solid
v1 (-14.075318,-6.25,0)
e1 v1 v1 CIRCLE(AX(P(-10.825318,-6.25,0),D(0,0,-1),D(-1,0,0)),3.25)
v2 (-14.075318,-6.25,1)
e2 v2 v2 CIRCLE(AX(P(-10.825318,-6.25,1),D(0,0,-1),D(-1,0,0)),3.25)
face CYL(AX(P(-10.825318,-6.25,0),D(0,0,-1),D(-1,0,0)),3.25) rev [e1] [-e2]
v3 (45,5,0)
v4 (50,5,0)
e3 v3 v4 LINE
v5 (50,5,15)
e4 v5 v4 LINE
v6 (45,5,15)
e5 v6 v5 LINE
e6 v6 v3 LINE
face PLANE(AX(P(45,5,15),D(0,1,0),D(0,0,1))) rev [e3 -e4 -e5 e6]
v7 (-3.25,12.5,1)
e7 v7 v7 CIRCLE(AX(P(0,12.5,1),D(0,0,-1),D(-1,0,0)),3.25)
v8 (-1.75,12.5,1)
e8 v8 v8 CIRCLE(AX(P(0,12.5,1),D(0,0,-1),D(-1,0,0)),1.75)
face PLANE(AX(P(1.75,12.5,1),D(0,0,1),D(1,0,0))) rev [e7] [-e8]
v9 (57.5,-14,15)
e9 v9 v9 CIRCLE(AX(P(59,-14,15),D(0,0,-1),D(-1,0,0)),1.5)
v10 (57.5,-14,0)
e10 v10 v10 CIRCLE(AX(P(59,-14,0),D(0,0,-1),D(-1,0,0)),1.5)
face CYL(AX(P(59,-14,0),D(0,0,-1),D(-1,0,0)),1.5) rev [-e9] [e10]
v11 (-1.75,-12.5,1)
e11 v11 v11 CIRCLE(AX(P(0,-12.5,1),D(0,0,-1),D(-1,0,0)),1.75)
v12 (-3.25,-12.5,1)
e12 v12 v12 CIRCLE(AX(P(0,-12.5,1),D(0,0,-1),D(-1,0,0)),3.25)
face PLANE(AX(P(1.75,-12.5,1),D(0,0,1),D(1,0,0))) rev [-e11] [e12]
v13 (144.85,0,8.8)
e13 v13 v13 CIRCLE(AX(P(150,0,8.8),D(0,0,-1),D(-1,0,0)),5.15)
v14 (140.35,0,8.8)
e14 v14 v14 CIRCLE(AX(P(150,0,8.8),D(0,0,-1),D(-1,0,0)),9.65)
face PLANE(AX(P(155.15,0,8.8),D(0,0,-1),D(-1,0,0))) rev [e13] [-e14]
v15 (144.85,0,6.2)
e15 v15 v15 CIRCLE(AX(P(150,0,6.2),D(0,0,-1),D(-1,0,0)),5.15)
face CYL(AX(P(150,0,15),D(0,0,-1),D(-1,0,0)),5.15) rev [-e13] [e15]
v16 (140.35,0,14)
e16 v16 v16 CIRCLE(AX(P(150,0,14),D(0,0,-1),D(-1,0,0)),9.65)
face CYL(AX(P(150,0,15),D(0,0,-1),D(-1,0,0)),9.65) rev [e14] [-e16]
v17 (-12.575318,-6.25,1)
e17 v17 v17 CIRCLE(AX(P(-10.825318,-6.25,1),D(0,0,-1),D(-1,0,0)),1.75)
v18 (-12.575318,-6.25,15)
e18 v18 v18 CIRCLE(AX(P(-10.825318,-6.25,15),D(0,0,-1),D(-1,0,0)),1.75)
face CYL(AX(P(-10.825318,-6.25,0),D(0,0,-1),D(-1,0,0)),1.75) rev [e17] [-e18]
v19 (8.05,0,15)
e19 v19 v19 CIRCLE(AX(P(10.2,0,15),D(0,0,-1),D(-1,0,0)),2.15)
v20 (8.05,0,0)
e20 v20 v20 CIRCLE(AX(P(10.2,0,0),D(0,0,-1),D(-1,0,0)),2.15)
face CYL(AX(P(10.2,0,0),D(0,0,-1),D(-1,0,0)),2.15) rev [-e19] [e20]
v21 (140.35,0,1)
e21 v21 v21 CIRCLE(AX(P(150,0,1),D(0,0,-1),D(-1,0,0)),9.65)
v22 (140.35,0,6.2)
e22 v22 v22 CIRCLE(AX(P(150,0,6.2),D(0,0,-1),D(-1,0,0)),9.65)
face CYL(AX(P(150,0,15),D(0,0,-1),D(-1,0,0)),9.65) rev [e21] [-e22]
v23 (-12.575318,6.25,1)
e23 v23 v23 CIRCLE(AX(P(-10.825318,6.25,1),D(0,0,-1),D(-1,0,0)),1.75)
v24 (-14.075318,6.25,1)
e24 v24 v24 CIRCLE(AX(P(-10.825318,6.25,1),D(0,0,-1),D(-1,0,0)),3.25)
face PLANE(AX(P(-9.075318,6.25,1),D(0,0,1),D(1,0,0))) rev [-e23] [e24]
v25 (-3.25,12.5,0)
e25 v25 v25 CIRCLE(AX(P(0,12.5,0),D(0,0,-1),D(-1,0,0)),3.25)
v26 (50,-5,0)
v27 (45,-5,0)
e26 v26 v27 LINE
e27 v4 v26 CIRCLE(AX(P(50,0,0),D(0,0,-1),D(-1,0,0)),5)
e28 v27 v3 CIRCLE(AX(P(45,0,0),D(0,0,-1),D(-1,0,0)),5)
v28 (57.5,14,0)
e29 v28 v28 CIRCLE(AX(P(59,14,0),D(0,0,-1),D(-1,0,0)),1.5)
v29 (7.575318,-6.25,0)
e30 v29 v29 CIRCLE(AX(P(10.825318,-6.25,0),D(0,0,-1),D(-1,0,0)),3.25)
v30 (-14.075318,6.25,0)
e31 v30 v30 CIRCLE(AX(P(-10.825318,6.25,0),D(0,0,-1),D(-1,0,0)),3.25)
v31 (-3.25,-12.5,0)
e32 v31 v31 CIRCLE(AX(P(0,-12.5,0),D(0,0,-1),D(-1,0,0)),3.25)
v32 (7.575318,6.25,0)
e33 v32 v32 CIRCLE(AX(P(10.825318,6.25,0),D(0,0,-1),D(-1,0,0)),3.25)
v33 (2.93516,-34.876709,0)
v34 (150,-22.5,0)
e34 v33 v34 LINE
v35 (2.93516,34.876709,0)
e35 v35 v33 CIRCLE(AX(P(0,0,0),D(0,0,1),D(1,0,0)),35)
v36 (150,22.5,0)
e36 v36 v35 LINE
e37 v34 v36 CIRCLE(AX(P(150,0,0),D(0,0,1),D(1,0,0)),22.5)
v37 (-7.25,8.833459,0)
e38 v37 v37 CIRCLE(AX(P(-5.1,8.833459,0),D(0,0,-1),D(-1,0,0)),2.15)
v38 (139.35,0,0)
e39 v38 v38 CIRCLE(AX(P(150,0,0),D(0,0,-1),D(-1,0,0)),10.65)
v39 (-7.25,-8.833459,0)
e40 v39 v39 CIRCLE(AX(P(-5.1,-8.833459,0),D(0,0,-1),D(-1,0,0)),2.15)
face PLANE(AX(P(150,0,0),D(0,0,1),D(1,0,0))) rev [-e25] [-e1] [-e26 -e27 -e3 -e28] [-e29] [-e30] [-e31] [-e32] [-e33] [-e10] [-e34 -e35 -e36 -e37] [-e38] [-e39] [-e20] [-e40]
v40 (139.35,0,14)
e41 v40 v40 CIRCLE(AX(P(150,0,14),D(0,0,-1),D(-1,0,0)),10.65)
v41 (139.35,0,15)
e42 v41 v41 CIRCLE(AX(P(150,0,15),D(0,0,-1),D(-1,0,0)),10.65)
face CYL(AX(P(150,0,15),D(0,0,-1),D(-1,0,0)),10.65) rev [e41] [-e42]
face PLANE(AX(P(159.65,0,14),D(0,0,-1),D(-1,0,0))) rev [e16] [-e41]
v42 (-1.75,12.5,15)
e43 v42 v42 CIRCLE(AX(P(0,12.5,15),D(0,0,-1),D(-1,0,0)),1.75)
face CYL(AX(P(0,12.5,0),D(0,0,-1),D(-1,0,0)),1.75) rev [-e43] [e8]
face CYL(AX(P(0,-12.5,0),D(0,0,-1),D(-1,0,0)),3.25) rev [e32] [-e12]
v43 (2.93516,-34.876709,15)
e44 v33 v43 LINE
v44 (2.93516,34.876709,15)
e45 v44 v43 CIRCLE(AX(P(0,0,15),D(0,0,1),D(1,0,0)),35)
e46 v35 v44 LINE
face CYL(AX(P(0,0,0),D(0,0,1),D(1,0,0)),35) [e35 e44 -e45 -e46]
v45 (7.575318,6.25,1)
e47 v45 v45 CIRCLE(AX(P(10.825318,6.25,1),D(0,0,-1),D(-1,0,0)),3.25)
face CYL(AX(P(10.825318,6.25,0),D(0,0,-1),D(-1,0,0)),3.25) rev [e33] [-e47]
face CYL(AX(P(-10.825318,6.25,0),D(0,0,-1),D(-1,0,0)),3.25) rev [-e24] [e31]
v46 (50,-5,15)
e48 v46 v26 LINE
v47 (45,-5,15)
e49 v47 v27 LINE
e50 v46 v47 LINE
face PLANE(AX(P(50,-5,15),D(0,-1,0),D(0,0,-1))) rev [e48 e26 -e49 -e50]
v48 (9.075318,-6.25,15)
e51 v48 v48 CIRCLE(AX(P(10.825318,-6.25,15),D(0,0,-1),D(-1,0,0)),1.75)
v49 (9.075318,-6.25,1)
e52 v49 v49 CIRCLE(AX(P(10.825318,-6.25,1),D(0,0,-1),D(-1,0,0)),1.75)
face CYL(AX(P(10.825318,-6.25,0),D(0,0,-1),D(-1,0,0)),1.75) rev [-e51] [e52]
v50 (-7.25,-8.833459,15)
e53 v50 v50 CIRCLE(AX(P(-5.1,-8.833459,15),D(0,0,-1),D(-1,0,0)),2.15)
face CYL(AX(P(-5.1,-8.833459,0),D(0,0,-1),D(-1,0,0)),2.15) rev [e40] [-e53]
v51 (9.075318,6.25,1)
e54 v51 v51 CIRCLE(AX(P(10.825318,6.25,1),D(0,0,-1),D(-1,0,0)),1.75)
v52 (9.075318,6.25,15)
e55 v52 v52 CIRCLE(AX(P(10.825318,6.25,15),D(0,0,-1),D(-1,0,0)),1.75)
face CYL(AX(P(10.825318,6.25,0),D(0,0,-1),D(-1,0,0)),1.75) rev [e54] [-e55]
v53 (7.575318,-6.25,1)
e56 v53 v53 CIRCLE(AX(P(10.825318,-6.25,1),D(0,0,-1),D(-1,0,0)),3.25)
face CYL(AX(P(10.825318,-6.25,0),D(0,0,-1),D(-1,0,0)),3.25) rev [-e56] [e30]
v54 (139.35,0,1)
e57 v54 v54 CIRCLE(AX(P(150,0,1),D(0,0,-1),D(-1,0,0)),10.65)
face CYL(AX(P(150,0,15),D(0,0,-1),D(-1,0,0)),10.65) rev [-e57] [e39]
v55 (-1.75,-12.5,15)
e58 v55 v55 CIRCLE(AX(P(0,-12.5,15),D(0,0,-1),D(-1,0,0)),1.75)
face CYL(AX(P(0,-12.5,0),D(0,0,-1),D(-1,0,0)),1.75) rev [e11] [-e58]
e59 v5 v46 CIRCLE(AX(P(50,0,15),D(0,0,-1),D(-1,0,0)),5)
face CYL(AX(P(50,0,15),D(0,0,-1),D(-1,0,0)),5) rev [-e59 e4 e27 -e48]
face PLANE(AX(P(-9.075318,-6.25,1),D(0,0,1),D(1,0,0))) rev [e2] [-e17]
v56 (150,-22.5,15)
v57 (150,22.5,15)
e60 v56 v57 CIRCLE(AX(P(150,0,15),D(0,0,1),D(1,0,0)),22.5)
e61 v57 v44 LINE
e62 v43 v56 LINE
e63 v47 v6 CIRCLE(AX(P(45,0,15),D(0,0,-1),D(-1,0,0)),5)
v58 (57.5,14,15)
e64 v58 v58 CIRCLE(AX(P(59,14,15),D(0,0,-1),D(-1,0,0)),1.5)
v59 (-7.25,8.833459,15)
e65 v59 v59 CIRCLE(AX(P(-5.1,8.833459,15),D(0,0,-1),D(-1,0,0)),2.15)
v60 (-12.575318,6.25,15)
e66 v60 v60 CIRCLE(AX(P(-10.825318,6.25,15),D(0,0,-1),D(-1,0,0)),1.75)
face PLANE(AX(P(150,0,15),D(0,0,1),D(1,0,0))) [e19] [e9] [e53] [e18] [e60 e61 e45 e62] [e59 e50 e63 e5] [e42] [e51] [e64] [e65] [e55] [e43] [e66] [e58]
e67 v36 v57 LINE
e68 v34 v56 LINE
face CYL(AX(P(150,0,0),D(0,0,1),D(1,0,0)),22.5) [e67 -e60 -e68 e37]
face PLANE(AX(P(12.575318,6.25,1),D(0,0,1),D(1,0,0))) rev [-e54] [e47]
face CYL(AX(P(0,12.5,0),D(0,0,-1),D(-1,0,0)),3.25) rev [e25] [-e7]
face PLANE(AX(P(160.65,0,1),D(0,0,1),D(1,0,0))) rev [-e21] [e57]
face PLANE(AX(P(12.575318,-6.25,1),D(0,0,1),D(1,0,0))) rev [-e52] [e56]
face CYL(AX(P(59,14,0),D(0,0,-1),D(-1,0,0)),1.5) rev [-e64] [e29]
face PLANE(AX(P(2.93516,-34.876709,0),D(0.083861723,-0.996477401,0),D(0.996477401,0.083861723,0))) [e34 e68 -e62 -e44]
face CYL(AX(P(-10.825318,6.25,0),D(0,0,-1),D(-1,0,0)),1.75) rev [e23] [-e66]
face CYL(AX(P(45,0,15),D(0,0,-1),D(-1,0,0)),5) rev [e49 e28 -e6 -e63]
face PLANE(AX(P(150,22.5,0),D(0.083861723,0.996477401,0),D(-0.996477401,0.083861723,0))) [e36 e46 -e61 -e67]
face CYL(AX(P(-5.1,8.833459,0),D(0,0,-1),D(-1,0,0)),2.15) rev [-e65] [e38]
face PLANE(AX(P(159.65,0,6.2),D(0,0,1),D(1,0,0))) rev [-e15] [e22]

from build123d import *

# Parameters (mm, degrees)
EXTRUDE_1_DEPTH           = 15
CUT_EXTRUDE_1_DEPTH       = 177.652908269
HOLE_WIZARD_1_D           = 4.3
HOLE_WIZARD_2_D           = 4.3
HOLE_WIZARD_3_D           = 4.3
HOLE_WIZARD_4_D           = 3.5
HOLE_WIZARD_4_CBORE_D     = 6.5
HOLE_WIZARD_4_CBORE_DEPTH = 1
HOLE_WIZARD_5_D           = 3.5
HOLE_WIZARD_5_CBORE_D     = 6.5
HOLE_WIZARD_5_CBORE_DEPTH = 1
HOLE_WIZARD_6_D           = 3.5
HOLE_WIZARD_6_CBORE_D     = 6.5
HOLE_WIZARD_6_CBORE_DEPTH = 1
HOLE_WIZARD_7_D           = 3.5
HOLE_WIZARD_7_CBORE_D     = 6.5
HOLE_WIZARD_7_CBORE_DEPTH = 1
HOLE_WIZARD_8_D           = 3.5
HOLE_WIZARD_8_CBORE_D     = 6.5
HOLE_WIZARD_8_CBORE_DEPTH = 1
HOLE_WIZARD_9_D           = 3.5
HOLE_WIZARD_9_CBORE_D     = 6.5
HOLE_WIZARD_9_CBORE_DEPTH = 1
HOLE_WIZARD_10_D          = 3
HOLE_WIZARD_11_D          = 3


with BuildPart() as part:
    # 草图2 → 凸台-拉伸1 (new body)
    with BuildSketch(Plane.XY.offset(15)):
        with BuildLine():
            Line((150, 22.5), (2.93516031, 34.876709047))
            ThreePointArc((2.93516031, 34.876709047), (-35, 0), (2.93516031, -34.876709047))
            Line((2.93516031, -34.876709047), (150, -22.5))
            ThreePointArc((150, -22.5), (172.5, 0), (150, 22.5))
        make_face()
    extrude(amount=-EXTRUDE_1_DEPTH)

    # 草图3 → 切除-拉伸1 (cut, through all)
    with BuildSketch(Plane(origin=(0, 0, 0), x_dir=(-1, 0, 0), z_dir=(0, 0, -1))):
        with BuildLine():
            Line((-45, 5), (-50, 5))
            ThreePointArc((-50, 5), (-55, 0), (-50, -5))
            Line((-50, -5), (-45, -5))
            ThreePointArc((-45, -5), (-40, 0), (-45, 5))
        make_face()
    extrude(amount=-CUT_EXTRUDE_1_DEPTH, mode=Mode.SUBTRACT)

    # 草图4 → 切除-旋转1 (revolve, cut)
    with BuildSketch(Plane.XZ, mode=Mode.PRIVATE) as cut_revolve_1_sk:
        Polygon((160.65, 15), (150, 15), (150, 0), (160.65, 0), (160.65, 1), (159.65, 1), (159.65, 6.2), (155.15, 6.2), (155.15, 8.8), (159.65, 8.8), (159.65, 14), (160.65, 14), align=None)
    revolve(cut_revolve_1_sk.sketch.rotate(Axis((150, 0, 15), (0, 0, -1)), 180), axis=Axis((150, 0, 15), (0, 0, -1)), mode=Mode.SUBTRACT)

    # 孔1 (through all)
    with Locations(Plane(origin=(0, 0, 0), x_dir=(-1, 0, 0), z_dir=(0, 0, -1))):
        with Locations((5.1, 8.833459119)):
            Hole(HOLE_WIZARD_1_D / 2)

    # 孔2 (through all)
    with Locations(Plane(origin=(0, 0, 0), x_dir=(-1, 0, 0), z_dir=(0, 0, -1))):
        with Locations((5.1, -8.833459119)):
            Hole(HOLE_WIZARD_2_D / 2)

    # 孔3 (through all)
    with Locations(Plane(origin=(0, 0, 0), x_dir=(-1, 0, 0), z_dir=(0, 0, -1))):
        with Locations((-10.2, 0)):
            Hole(HOLE_WIZARD_3_D / 2)

    # 孔4 (through all)
    with Locations(Plane(origin=(0, 0, 0), x_dir=(-1, 0, 0), z_dir=(0, 0, -1))):
        with Locations((10.825317547, 6.25)):
            CounterBoreHole(HOLE_WIZARD_4_D / 2, HOLE_WIZARD_4_CBORE_D / 2, HOLE_WIZARD_4_CBORE_DEPTH)

    # 孔5 (through all)
    with Locations(Plane(origin=(0, 0, 0), x_dir=(-1, 0, 0), z_dir=(0, 0, -1))):
        with Locations((0, 12.5)):
            CounterBoreHole(HOLE_WIZARD_5_D / 2, HOLE_WIZARD_5_CBORE_D / 2, HOLE_WIZARD_5_CBORE_DEPTH)

    # 孔6 (through all)
    with Locations(Plane(origin=(0, 0, 0), x_dir=(-1, 0, 0), z_dir=(0, 0, -1))):
        with Locations((-10.825317547, 6.25)):
            CounterBoreHole(HOLE_WIZARD_6_D / 2, HOLE_WIZARD_6_CBORE_D / 2, HOLE_WIZARD_6_CBORE_DEPTH)

    # 孔7 (through all)
    with Locations(Plane(origin=(0, 0, 0), x_dir=(-1, 0, 0), z_dir=(0, 0, -1))):
        with Locations((-10.825317547, -6.25)):
            CounterBoreHole(HOLE_WIZARD_7_D / 2, HOLE_WIZARD_7_CBORE_D / 2, HOLE_WIZARD_7_CBORE_DEPTH)

    # 孔8 (through all)
    with Locations(Plane(origin=(0, 0, 0), x_dir=(-1, 0, 0), z_dir=(0, 0, -1))):
        with Locations((0, -12.5)):
            CounterBoreHole(HOLE_WIZARD_8_D / 2, HOLE_WIZARD_8_CBORE_D / 2, HOLE_WIZARD_8_CBORE_DEPTH)

    # 孔9 (through all)
    with Locations(Plane(origin=(0, 0, 0), x_dir=(-1, 0, 0), z_dir=(0, 0, -1))):
        with Locations((10.825317547, -6.25)):
            CounterBoreHole(HOLE_WIZARD_9_D / 2, HOLE_WIZARD_9_CBORE_D / 2, HOLE_WIZARD_9_CBORE_DEPTH)

    # 孔10 (through all)
    with Locations(Plane(origin=(0, 0, 0), x_dir=(-1, 0, 0), z_dir=(0, 0, -1))):
        with Locations((-59, -14)):
            Hole(HOLE_WIZARD_10_D / 2)

    # 孔11 (through all)
    with Locations(Plane(origin=(0, 0, 0), x_dir=(-1, 0, 0), z_dir=(0, 0, -1))):
        with Locations((-59, 14)):
            Hole(HOLE_WIZARD_11_D / 2)


solid = part.part
